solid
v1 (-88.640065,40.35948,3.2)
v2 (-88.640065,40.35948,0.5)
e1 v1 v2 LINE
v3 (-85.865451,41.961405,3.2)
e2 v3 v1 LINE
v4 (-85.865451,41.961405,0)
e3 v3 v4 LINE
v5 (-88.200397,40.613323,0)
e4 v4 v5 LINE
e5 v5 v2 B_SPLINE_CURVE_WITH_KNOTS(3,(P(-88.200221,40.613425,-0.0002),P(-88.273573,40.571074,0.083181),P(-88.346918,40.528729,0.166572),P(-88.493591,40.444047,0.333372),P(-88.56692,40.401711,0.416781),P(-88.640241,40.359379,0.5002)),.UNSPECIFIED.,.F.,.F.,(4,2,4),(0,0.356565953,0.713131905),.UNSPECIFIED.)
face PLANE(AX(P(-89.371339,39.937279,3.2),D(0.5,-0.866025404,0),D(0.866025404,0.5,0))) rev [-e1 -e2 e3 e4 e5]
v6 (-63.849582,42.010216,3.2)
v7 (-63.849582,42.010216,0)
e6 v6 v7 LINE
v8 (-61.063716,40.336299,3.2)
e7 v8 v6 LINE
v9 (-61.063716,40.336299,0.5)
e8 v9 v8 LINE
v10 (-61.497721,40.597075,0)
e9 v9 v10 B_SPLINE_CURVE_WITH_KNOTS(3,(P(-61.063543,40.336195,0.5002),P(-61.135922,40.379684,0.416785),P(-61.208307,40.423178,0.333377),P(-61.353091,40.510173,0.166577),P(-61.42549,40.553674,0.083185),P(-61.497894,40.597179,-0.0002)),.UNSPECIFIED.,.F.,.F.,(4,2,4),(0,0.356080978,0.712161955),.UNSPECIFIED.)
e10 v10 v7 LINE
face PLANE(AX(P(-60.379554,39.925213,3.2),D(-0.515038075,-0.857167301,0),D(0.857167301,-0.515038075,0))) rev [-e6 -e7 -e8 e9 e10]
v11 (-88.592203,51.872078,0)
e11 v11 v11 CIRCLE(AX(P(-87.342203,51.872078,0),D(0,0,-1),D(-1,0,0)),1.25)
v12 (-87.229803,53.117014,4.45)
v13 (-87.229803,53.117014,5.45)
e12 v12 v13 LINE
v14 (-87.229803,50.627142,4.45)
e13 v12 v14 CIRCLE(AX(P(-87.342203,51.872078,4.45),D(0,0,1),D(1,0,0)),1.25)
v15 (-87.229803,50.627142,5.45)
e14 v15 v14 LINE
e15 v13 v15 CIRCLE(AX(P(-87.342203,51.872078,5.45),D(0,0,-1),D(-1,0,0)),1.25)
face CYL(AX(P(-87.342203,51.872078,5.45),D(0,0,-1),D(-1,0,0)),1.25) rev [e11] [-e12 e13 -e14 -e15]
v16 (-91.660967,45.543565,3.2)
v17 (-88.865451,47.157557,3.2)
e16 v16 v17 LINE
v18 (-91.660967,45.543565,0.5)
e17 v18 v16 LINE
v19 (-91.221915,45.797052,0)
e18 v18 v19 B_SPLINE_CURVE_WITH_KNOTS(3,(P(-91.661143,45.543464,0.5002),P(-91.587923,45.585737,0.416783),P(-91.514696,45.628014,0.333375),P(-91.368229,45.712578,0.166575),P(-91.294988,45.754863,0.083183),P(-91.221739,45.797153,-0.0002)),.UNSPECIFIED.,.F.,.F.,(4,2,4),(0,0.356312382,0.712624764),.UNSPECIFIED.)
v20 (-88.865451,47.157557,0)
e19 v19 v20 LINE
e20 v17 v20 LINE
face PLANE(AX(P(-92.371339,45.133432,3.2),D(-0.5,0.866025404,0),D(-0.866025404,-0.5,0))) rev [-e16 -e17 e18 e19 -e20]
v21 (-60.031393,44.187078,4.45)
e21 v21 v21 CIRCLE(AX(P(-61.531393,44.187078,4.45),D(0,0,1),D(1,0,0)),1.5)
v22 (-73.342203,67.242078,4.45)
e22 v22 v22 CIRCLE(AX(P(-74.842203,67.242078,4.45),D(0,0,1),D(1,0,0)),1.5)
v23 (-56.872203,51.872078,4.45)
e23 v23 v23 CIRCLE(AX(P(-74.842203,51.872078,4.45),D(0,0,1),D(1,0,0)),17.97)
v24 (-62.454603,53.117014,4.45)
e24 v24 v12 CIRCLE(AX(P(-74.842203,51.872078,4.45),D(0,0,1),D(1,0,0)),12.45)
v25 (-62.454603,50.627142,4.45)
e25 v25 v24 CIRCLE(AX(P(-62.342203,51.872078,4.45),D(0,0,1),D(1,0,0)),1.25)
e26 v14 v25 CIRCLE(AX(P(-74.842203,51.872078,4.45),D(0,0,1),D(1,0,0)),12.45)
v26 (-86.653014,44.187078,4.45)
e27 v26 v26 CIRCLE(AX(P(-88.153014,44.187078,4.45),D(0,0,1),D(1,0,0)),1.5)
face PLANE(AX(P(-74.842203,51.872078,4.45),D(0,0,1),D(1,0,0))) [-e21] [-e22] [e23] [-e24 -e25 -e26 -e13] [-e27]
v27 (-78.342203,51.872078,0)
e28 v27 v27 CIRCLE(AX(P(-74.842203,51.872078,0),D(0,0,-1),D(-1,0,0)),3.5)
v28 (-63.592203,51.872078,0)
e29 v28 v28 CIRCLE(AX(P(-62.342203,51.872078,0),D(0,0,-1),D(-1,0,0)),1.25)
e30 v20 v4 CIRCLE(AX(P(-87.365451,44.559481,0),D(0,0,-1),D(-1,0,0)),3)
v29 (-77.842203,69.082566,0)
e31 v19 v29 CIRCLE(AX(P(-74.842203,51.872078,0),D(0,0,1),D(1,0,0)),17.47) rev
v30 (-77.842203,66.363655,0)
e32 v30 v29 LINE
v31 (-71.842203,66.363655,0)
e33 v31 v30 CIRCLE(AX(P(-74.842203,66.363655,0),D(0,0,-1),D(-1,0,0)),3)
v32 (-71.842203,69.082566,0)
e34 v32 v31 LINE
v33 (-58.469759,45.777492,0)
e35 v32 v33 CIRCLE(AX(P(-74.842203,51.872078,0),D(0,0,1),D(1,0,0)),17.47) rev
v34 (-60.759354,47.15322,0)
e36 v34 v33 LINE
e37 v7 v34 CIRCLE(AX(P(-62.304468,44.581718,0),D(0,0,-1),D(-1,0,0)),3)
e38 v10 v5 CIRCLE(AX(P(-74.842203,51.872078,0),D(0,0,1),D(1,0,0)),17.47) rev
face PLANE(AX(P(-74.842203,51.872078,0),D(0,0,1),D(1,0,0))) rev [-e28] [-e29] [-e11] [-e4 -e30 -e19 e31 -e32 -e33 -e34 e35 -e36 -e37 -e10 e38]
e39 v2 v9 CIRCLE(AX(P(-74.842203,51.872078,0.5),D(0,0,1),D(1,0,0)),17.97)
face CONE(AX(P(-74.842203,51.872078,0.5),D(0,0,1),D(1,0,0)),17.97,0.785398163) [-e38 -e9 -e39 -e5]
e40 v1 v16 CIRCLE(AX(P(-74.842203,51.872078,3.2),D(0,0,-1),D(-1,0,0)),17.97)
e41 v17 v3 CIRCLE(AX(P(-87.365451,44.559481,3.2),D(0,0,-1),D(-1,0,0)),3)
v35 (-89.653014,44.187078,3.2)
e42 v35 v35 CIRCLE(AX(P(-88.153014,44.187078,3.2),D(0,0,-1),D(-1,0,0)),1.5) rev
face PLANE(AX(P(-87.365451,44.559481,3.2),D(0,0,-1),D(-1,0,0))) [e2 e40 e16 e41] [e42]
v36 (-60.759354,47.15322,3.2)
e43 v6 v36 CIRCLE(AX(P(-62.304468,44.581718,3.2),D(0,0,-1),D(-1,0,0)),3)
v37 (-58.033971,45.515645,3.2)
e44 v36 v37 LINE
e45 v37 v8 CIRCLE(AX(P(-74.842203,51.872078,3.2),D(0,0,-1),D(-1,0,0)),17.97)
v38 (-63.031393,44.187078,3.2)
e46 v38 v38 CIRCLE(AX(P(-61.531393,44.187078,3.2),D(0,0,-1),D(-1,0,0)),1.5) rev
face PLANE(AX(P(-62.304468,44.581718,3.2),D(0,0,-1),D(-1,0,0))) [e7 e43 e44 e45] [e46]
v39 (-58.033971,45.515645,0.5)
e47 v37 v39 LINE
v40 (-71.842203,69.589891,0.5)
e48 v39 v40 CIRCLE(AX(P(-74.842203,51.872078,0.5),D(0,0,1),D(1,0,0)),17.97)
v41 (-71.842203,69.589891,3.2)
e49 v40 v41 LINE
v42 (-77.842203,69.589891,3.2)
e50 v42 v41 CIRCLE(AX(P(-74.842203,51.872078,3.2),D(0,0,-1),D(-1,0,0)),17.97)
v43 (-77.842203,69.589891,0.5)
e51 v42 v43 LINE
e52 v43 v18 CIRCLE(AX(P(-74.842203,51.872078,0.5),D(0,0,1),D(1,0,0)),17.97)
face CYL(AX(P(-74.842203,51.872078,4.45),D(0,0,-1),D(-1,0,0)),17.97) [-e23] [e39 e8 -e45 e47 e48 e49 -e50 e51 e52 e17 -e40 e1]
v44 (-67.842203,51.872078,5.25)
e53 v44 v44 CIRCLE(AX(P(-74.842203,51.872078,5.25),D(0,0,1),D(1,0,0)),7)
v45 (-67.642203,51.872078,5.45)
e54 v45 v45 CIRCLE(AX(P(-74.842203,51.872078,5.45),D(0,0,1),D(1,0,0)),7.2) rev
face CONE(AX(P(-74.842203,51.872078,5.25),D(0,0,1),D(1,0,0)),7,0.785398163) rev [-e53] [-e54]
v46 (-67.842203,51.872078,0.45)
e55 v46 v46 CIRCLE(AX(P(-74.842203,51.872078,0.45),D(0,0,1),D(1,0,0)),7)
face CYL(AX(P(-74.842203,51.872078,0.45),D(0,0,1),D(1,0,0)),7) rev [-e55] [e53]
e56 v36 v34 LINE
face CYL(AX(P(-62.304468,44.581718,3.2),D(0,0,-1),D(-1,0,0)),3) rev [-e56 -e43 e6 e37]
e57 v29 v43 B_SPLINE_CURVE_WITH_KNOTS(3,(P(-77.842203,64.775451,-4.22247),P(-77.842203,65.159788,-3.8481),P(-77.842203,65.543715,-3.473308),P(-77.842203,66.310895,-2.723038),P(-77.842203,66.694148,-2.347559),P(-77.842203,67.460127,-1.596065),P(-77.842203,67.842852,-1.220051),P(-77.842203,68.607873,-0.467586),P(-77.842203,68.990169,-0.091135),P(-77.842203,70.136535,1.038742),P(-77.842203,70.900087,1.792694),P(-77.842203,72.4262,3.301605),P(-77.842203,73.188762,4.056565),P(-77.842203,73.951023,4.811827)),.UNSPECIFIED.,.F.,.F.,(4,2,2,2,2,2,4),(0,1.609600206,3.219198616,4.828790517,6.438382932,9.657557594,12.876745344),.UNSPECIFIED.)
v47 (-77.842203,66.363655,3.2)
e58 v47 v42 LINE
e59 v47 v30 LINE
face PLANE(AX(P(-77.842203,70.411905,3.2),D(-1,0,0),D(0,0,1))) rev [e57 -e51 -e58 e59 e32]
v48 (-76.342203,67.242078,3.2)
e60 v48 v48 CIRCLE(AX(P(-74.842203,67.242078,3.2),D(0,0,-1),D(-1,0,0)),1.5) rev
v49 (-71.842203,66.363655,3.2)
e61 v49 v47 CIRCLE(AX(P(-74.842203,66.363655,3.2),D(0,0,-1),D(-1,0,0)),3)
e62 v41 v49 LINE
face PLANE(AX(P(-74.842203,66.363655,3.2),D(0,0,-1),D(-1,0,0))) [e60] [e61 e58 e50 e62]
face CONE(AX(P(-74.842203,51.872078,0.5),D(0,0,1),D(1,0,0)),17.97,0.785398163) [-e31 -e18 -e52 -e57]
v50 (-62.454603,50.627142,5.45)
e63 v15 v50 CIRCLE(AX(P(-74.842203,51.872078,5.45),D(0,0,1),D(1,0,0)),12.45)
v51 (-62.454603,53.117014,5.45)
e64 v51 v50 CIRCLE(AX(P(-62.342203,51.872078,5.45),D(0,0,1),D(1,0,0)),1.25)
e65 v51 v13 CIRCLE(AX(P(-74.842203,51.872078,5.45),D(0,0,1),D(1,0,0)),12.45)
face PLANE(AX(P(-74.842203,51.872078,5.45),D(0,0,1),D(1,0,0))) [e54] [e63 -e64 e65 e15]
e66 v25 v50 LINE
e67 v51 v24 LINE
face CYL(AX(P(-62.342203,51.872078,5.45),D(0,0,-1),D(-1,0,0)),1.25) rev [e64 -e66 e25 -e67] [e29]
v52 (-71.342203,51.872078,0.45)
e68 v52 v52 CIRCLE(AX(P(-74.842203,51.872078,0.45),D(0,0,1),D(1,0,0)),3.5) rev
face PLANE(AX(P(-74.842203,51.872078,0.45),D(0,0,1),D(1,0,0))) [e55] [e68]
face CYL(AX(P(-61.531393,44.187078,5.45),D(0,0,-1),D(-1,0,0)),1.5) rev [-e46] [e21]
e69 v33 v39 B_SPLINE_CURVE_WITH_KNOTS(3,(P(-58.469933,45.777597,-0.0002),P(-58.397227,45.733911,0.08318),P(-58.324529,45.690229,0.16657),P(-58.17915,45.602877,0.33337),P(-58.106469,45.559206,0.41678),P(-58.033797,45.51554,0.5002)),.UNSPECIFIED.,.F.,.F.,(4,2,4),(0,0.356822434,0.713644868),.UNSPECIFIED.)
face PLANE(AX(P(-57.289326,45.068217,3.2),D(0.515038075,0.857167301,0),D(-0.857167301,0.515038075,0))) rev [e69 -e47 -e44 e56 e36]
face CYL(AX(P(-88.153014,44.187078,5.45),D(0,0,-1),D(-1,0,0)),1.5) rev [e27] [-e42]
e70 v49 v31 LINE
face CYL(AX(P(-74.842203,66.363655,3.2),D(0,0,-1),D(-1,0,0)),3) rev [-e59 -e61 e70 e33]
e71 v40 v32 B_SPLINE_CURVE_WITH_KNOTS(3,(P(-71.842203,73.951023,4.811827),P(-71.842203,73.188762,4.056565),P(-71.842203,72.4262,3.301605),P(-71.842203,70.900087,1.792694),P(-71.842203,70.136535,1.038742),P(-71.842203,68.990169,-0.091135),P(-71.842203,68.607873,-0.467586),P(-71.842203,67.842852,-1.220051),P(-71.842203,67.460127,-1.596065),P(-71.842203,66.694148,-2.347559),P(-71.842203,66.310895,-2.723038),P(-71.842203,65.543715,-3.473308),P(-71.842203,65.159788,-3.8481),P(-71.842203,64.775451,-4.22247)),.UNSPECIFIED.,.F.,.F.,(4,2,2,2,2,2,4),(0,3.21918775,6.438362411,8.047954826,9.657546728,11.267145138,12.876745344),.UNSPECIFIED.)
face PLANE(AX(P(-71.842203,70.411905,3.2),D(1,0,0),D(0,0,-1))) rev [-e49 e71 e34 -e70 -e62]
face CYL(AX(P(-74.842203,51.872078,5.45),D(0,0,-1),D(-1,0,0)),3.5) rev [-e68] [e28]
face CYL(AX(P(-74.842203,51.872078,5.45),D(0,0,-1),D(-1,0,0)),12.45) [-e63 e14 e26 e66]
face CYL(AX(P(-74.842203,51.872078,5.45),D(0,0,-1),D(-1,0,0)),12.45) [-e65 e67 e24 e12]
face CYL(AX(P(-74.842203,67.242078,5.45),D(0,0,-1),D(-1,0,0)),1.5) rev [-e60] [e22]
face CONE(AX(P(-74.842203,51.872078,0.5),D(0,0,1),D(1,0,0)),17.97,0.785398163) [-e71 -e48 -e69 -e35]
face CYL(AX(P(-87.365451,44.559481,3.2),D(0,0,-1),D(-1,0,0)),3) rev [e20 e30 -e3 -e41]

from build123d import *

# Parameters (mm, degrees)
ESQUISSE1_R             = 17.97
BOSS_EXTRU_1_DEPTH      = 4.45
ESQUISSE2_R             = 12.45
BOSS_EXTRU_2_DEPTH      = 1
CHANFREIN1_SIZE         = 0.5
ESQUISSE5_R             = 1.5
ENL_V_MAT_EXTRU_1_DEPTH = 6.45
ESQUISSE6_R             = 3.5
ENL_V_MAT_EXTRU_2_DEPTH = 6.45
ESQUISSE7_R             = 7
ENL_V_MAT_EXTRU_3_DEPTH = 5
ENL_V_MAT_EXTRU_4_DEPTH = 3.2
CHANFREIN2_SIZE         = 0.2
ESQUISSE9_R             = 1.25
ENL_V_MAT_EXTRU_5_DEPTH = 6.45


with BuildPart() as part:
    # Esquisse1 → Boss.-Extru.1 (new body)
    with BuildSketch(Plane.XY):
        with Locations((-74.842203198, 51.872077922)):
            Circle(ESQUISSE1_R)
    extrude(amount=BOSS_EXTRU_1_DEPTH)

    # Esquisse2 → Boss.-Extru.2 (add)
    with BuildSketch(Plane.XY.offset(4.45)):
        with Locations((-74.842203198, 51.872077922)):
            Circle(ESQUISSE2_R)
    extrude(amount=BOSS_EXTRU_2_DEPTH)

    # Chanfrein1
    chanfrein1_edges = [part.edges().sort_by_distance(p)[0] for p in [
        (-92.812203198, 51.872077922, 0),
    ]]
    chamfer(chanfrein1_edges, length=CHANFREIN1_SIZE)

    # Esquisse5 → Enlèv. mat.-Extru.1 (cut, through all)
    with BuildSketch(Plane(origin=(0, 0, 0), x_dir=(-1, 0, 0), z_dir=(0, 0, -1))):
        with Locations((74.842203198, 67.242077922)):
            Circle(ESQUISSE5_R)
        with Locations((61.531392742, 44.187077922)):
            Circle(ESQUISSE5_R)
        with Locations((88.153013654, 44.187077922)):
            Circle(ESQUISSE5_R)
    extrude(amount=-ENL_V_MAT_EXTRU_1_DEPTH, mode=Mode.SUBTRACT)

    # Esquisse6 → Enlèv. mat.-Extru.2 (cut, through all)
    with BuildSketch(Plane(origin=(0, 0, 0), x_dir=(-1, 0, 0), z_dir=(0, 0, -1))):
        with Locations((74.842203198, 51.872077922)):
            Circle(ESQUISSE6_R)
    extrude(amount=-ENL_V_MAT_EXTRU_2_DEPTH, mode=Mode.SUBTRACT)

    # Esquisse7 → Enlèv. mat.-Extru.3 (cut)
    with BuildSketch(Plane.XY.offset(5.45)):
        with Locations((-74.842203198, 51.872077922)):
            Circle(ESQUISSE7_R)
    extrude(amount=-ENL_V_MAT_EXTRU_3_DEPTH, mode=Mode.SUBTRACT)

    # Esquisse8 → Enlèv. mat.-Extru.4 (cut)
    with BuildSketch(Plane(origin=(0, 0, 0), x_dir=(-1, 0, 0), z_dir=(0, 0, -1))):
        with BuildLine():
            Line((71.842203198, 70.411905134), (71.842203198, 66.363654544))
            ThreePointArc((71.842203198, 66.363654544), (74.842203198, 63.363654544), (77.842203198, 66.363654544))
            Line((77.842203198, 66.363654544), (77.842203198, 70.411905134))
            Line((77.842203198, 70.411905134), (71.842203198, 70.411905134))
        make_face()
        with BuildLine():
            Line((60.379554388, 39.925212907), (63.849582418, 42.010216097))
            ThreePointArc((63.849582418, 42.010216097), (64.875970095, 46.126832224), (60.759353968, 47.153219901))
            Line((60.759353968, 47.153219901), (57.289325938, 45.068216711))
            Line((57.289325938, 45.068216711), (60.379554388, 39.925212907))
        make_face()
        with BuildLine():
            Line((92.371338943, 45.133431645), (88.865451092, 47.15755694))
            ThreePointArc((88.865451092, 47.15755694), (84.76737488, 46.059480728), (85.865451092, 41.961404517))
            Line((85.865451092, 41.961404517), (89.371338943, 39.937279222))
            Line((89.371338943, 39.937279222), (92.371338943, 45.133431645))
        make_face()
    extrude(amount=-ENL_V_MAT_EXTRU_4_DEPTH, mode=Mode.SUBTRACT)

    # Chanfrein2
    chanfrein2_edges = [part.edges().sort_by_distance(p)[0] for p in [
        (-81.842203198, 51.872077922, 5.45),
    ]]
    chamfer(chanfrein2_edges, length=CHANFREIN2_SIZE)

    # Esquisse9 → Enlèv. mat.-Extru.5 (cut, through all)
    with BuildSketch(Plane(origin=(0, 0, 0), x_dir=(-1, 0, 0), z_dir=(0, 0, -1))):
        with Locations((62.342203198, 51.872077922)):
            Circle(ESQUISSE9_R)
        with Locations((87.342203198, 51.872077922)):
            Circle(ESQUISSE9_R)
    extrude(amount=-ENL_V_MAT_EXTRU_5_DEPTH, mode=Mode.SUBTRACT)


solid = part.part
